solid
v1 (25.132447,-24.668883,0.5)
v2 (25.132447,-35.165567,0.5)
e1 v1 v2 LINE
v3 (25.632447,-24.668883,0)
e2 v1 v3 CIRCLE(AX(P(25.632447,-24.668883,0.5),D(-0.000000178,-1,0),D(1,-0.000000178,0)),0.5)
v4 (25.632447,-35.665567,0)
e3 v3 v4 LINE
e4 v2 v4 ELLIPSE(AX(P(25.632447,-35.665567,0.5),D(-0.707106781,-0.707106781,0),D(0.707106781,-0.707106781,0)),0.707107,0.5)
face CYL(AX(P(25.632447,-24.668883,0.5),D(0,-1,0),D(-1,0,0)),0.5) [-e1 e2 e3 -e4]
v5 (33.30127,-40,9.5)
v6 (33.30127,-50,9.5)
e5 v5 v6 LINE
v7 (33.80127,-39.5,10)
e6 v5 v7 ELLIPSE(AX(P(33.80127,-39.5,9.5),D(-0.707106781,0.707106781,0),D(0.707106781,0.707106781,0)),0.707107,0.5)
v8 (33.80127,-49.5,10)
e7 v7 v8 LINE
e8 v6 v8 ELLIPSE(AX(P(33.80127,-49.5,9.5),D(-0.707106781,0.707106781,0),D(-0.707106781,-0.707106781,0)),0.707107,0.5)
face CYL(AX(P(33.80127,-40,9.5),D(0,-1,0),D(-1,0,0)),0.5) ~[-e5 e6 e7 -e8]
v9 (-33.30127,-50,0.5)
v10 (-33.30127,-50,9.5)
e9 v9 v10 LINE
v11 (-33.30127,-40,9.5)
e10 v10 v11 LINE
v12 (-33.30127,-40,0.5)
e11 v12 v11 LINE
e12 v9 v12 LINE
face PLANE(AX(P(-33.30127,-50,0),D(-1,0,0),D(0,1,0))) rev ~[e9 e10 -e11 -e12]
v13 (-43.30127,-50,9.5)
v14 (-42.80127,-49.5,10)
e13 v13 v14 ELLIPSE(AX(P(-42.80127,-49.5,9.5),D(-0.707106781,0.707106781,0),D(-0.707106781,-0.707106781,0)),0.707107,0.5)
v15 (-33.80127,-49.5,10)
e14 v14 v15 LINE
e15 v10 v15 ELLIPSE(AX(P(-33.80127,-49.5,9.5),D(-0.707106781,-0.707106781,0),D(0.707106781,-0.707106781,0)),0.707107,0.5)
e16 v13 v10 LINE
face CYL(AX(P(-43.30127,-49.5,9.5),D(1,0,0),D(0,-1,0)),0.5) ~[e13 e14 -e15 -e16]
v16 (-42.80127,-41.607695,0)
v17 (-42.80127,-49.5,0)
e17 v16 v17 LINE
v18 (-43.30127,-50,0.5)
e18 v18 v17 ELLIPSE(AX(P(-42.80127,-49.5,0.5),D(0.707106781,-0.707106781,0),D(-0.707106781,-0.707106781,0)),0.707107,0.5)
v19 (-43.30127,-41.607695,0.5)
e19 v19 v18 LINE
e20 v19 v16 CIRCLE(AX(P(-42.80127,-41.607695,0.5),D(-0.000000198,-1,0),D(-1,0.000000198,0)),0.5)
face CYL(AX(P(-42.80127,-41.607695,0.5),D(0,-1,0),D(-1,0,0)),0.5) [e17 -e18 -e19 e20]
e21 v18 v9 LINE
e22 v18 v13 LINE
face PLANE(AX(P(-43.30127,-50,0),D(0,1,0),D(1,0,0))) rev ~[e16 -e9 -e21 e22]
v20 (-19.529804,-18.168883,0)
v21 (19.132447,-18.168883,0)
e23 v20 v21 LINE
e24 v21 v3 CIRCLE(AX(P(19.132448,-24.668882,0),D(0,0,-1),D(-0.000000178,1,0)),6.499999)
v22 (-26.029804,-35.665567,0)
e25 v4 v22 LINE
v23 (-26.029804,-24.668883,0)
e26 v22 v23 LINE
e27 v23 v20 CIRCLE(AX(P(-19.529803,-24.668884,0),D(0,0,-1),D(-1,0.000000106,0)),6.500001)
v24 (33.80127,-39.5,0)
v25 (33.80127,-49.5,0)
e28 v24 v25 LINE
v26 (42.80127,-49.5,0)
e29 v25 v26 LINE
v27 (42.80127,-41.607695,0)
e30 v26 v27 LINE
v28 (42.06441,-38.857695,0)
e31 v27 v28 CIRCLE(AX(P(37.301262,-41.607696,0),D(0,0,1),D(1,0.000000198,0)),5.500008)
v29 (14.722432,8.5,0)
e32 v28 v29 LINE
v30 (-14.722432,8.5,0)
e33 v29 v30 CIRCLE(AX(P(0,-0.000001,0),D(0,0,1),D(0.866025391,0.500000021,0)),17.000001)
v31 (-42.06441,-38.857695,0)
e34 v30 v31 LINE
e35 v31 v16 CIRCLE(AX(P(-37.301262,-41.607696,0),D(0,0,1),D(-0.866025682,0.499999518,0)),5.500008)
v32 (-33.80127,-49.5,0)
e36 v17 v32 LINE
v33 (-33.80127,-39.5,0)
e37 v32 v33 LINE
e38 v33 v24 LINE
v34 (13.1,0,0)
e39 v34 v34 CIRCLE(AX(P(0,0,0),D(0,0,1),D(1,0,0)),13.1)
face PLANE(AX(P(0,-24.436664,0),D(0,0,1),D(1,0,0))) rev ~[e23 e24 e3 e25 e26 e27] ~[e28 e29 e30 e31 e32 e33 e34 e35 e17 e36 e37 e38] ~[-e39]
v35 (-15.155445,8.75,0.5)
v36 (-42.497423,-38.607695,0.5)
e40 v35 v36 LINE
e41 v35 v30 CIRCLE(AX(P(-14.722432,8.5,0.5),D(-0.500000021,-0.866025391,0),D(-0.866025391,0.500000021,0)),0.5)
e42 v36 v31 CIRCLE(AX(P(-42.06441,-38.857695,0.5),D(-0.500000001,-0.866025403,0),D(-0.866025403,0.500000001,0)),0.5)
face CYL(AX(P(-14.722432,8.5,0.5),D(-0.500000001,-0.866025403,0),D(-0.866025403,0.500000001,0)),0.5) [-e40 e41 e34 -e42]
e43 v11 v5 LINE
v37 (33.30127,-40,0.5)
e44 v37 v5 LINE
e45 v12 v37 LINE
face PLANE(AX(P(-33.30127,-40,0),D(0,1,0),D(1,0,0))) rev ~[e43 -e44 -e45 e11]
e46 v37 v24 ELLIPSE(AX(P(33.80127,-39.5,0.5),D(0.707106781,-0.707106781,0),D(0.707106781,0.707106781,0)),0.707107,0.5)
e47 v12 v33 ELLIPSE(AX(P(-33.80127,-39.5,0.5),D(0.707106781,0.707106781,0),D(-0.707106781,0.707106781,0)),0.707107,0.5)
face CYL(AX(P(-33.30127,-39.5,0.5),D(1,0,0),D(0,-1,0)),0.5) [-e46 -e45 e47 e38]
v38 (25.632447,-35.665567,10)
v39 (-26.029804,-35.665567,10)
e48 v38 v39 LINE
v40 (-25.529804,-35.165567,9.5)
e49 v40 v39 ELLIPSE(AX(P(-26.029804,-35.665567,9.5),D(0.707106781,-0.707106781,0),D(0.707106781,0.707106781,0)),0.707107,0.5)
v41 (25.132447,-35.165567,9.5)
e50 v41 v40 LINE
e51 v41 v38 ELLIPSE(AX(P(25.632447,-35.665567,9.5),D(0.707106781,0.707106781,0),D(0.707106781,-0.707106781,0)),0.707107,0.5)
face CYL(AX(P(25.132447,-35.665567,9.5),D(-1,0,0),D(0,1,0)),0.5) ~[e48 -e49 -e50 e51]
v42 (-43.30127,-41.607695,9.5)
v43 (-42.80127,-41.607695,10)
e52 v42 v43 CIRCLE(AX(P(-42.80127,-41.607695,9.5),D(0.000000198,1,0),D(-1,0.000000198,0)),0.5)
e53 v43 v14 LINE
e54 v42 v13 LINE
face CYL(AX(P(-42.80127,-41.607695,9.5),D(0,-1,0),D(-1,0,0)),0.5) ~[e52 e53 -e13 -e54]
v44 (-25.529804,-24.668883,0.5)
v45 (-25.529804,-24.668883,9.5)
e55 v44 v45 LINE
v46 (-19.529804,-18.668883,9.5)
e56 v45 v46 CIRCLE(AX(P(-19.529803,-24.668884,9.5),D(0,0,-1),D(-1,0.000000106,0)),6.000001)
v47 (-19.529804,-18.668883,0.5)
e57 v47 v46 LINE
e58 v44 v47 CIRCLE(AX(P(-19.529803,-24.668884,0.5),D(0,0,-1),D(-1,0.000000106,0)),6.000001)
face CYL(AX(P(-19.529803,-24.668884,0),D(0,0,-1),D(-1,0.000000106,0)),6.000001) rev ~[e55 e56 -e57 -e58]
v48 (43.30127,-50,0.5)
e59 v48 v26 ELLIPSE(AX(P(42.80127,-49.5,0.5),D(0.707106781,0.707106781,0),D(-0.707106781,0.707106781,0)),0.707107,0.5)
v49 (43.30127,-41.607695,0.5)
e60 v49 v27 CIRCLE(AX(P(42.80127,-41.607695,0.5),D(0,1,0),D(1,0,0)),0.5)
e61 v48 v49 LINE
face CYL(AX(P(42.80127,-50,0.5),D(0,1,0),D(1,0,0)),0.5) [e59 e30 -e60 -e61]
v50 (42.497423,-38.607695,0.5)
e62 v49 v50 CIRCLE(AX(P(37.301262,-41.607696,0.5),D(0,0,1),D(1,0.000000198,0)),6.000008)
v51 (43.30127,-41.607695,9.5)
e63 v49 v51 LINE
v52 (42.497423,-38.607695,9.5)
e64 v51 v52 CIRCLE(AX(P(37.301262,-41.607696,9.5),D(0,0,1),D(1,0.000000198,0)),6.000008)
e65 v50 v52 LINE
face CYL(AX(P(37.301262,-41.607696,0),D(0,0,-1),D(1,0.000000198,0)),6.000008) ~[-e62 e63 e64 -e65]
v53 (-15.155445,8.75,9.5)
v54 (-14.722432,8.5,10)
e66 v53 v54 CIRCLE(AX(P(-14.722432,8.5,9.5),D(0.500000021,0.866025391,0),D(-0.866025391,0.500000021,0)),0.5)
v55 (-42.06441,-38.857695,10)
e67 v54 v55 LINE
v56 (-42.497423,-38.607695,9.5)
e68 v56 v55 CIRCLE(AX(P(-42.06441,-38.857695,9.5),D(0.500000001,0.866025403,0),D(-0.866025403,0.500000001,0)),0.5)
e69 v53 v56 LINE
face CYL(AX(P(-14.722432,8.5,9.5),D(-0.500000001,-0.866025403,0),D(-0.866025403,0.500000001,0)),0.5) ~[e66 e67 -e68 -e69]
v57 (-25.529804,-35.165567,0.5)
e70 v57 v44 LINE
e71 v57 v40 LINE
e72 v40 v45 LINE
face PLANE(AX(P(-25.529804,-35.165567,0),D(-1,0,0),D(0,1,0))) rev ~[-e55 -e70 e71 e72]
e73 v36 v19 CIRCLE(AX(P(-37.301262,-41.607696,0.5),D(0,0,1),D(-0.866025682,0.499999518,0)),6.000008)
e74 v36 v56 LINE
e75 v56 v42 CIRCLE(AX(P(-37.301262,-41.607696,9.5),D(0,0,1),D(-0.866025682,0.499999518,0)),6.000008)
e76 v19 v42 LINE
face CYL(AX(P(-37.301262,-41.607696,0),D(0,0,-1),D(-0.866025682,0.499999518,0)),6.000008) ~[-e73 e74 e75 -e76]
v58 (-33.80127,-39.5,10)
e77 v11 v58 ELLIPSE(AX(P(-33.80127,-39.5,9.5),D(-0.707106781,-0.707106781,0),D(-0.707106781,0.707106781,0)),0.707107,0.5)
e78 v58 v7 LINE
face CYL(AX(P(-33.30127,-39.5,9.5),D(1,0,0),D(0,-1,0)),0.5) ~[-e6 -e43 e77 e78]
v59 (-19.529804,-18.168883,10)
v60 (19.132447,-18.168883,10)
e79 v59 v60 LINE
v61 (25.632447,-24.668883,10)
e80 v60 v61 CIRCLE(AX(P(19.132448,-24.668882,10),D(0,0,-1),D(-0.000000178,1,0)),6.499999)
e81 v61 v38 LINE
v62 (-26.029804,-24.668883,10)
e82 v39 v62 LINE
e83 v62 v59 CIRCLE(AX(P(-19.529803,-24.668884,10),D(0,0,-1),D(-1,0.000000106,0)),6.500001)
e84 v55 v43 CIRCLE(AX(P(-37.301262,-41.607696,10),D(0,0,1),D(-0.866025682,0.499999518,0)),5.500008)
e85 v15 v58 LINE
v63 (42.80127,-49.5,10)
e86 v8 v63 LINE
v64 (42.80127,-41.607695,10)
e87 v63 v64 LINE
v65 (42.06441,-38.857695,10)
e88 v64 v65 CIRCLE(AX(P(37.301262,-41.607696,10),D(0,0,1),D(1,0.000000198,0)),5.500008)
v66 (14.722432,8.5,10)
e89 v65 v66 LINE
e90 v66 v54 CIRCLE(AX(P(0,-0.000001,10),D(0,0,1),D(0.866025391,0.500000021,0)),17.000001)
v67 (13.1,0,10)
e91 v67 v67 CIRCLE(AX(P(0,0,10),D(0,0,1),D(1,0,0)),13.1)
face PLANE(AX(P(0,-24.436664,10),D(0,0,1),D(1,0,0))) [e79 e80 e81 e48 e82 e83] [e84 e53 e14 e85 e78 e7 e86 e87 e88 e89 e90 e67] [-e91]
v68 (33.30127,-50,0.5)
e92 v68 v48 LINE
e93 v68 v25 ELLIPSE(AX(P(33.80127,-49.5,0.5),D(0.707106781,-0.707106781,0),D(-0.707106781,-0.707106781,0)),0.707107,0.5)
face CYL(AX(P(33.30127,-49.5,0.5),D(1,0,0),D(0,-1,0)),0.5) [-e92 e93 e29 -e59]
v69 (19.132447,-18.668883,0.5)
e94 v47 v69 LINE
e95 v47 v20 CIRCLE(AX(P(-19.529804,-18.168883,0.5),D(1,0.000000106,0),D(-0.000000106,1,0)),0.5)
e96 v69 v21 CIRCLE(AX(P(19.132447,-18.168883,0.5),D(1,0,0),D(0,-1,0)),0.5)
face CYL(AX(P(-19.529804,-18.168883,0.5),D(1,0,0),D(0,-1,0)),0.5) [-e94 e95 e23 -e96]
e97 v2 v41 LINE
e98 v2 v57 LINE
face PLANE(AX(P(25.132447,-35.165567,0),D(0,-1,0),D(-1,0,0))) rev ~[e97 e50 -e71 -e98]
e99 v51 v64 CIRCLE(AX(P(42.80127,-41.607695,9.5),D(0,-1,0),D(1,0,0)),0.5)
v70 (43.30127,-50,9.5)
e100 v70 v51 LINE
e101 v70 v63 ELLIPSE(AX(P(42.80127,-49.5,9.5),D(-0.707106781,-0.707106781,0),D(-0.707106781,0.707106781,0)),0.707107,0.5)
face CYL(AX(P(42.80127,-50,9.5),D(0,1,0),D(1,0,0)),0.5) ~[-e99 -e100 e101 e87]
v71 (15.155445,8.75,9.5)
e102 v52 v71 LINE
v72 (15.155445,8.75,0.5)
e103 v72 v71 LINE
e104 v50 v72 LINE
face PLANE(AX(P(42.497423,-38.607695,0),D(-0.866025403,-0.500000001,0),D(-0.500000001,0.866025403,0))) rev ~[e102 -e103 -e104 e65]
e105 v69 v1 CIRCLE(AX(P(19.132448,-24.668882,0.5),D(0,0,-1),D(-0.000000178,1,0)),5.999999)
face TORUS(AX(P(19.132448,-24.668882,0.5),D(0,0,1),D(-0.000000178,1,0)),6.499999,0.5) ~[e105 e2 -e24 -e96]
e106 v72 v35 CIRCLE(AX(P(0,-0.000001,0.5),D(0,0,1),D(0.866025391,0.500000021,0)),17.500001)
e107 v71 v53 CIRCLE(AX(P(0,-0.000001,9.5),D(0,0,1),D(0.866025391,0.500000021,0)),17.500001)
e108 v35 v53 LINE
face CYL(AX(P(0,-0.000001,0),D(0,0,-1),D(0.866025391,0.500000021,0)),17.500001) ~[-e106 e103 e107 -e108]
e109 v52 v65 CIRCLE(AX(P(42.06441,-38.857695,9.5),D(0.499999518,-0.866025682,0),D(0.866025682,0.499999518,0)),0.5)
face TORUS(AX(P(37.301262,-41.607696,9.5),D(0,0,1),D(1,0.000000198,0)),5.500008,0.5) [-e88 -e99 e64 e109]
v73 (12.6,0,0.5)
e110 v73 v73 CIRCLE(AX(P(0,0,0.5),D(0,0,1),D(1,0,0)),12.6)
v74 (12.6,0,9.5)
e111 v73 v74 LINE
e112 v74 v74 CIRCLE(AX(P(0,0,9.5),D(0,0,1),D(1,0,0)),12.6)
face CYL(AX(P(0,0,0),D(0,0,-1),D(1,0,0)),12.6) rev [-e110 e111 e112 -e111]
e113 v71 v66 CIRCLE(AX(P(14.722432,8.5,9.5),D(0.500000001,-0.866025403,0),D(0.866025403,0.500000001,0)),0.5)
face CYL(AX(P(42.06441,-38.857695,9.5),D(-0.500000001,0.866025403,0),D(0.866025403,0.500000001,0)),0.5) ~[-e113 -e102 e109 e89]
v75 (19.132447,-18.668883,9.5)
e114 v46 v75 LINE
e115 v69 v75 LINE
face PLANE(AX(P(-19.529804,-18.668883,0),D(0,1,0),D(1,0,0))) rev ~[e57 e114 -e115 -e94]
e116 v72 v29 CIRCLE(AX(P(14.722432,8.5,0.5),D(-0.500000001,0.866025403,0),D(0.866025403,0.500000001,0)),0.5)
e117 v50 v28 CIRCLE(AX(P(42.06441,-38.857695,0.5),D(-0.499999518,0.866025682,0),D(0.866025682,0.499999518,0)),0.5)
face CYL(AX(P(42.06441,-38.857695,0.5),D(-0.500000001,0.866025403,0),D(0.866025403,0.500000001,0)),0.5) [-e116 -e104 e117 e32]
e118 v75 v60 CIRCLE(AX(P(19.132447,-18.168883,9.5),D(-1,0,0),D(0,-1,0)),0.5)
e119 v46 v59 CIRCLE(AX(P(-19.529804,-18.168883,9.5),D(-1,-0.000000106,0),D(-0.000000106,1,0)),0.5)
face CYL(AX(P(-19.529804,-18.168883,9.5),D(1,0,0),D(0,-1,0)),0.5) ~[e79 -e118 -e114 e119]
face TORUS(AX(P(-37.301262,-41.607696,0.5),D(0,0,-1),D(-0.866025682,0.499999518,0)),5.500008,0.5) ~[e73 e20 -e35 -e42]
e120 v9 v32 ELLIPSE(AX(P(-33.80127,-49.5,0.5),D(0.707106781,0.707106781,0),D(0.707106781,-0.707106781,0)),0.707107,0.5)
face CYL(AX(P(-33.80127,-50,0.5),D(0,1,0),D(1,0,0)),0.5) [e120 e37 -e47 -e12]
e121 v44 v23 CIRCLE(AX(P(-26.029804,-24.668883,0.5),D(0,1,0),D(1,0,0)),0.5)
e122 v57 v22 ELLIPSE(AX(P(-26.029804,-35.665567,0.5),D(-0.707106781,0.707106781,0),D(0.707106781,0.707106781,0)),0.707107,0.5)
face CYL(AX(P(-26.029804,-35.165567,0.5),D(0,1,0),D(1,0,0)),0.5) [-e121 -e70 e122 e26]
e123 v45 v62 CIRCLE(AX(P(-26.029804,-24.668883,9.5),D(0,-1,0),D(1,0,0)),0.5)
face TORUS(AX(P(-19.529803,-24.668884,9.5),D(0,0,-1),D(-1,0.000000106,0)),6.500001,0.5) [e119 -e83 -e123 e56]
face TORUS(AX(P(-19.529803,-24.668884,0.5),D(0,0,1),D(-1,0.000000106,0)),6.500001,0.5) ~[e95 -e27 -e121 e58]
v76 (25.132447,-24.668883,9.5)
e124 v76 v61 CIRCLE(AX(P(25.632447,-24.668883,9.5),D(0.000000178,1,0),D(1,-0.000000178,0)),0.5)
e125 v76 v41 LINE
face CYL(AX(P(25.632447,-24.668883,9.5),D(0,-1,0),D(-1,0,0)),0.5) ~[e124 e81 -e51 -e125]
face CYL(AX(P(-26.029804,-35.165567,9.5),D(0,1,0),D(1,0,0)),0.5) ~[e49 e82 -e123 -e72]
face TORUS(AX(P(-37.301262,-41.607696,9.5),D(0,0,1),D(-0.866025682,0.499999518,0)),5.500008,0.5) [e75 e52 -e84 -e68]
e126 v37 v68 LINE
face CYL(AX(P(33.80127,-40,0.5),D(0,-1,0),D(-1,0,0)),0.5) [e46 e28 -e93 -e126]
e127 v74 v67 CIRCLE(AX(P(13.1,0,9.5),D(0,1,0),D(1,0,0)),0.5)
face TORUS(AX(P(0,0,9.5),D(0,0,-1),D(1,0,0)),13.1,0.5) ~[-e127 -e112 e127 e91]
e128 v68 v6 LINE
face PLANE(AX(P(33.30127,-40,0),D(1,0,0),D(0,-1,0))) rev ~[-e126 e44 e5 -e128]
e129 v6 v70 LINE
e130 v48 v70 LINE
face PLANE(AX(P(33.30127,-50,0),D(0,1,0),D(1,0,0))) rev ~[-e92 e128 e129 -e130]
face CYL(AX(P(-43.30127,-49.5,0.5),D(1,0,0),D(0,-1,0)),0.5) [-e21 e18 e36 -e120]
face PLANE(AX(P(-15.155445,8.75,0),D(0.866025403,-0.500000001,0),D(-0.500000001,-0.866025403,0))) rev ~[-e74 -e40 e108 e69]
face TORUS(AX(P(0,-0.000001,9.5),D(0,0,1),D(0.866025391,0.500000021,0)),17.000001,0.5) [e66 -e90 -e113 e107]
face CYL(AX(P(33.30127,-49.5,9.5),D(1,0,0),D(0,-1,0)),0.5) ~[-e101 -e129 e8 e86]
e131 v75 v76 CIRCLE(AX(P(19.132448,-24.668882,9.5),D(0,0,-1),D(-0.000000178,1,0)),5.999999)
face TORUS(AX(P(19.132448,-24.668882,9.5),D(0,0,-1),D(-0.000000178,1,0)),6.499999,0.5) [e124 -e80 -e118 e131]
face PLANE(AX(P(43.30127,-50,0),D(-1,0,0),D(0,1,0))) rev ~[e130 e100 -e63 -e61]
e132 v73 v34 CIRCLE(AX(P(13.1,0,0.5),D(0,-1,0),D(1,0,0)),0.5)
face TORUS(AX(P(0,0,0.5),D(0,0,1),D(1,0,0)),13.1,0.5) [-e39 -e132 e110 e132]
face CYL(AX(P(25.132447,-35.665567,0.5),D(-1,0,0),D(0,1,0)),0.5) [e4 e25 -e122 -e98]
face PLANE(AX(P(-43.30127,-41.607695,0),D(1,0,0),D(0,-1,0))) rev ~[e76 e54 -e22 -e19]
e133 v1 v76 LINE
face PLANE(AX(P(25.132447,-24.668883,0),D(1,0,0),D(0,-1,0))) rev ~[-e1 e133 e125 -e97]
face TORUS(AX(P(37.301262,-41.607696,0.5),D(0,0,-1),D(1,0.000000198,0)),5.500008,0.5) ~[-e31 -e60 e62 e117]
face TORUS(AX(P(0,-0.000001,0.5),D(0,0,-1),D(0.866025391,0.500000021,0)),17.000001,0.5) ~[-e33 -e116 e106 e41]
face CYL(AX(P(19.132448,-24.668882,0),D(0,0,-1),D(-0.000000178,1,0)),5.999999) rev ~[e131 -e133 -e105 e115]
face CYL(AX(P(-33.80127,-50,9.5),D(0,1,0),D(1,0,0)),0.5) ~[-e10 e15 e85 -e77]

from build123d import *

# Parameters (mm, degrees)
F0_R     = 12.6
F1_DEPTH = 10
F2_R     = 0.5


with BuildPart() as f1:
    # F0 (on Top) → F1 (new body)
    with BuildSketch(Plane.XY):
        with BuildLine():
            Line((42.497423, -38.607695), (15.155445, 8.75))
            ThreePointArc((15.155445, 8.75), (0, 17.5), (-15.155445, 8.75))
            Line((-15.155445, 8.75), (-42.497423, -38.607695))
            ThreePointArc((-42.497423, -38.607695), (-43.096825, -40.054781), (-43.30127, -41.607695))
            Line((-43.30127, -41.607695), (-43.30127, -50))
            Line((-43.30127, -50), (-33.30127, -50))
            Line((-33.30127, -50), (-33.30127, -40))
            Line((-33.30127, -40), (33.30127, -40))
            Line((33.30127, -40), (33.30127, -50))
            Line((33.30127, -50), (43.30127, -50))
            Line((43.30127, -50), (43.30127, -41.607695))
            ThreePointArc((43.30127, -41.607695), (43.096825, -40.054781), (42.497423, -38.607695))
        make_face()
        with BuildLine():
            Line((-19.529804, -18.668883), (19.132447, -18.668883))
            ThreePointArc((19.132447, -18.668883), (23.375088, -20.426242), (25.132447, -24.668883))
            Line((25.132447, -24.668883), (25.132447, -35.165567))
            Line((25.132447, -35.165567), (-25.529804, -35.165567))
            Line((-25.529804, -35.165567), (-25.529804, -24.668883))
            ThreePointArc((-25.529804, -24.668883), (-23.772444, -20.426242), (-19.529804, -18.668883))
        make_face(mode=Mode.SUBTRACT)
        Circle(F0_R, mode=Mode.SUBTRACT)
    extrude(amount=F1_DEPTH)

    # F2
    f2_edges = [f1.edges().sort_by_distance(p)[0] for p in [
        (28.826434, -14.928848, 10),
        (0, 17.5, 10),
        (-28.826434, -14.928848, 10),
        (-43.096825, -40.054781, 10),
        (-43.30127, -45.803848, 10),
        (-38.30127, -50, 10),
        (-33.30127, -45, 10),
        (0, -40, 10),
        (33.30127, -45, 10),
        (38.30127, -50, 10),
        (43.30127, -45.803848, 10),
        (43.096825, -40.054781, 10),
        (-0.198678, -18.668883, 10),
        (23.375088, -20.426242, 10),
        (25.132447, -29.917225, 10),
        (-0.198678, -35.165567, 10),
        (-25.529804, -29.917225, 10),
        (-23.772444, -20.426242, 10),
        (-12.6, 0, 10),
        (28.826434, -14.928848, 0),
        (0, 17.5, 0),
        (-28.826434, -14.928848, 0),
        (-43.096825, -40.054781, 0),
        (-43.30127, -45.803848, 0),
        (-38.30127, -50, 0),
        (-33.30127, -45, 0),
        (0, -40, 0),
        (33.30127, -45, 0),
        (38.30127, -50, 0),
        (43.30127, -45.803848, 0),
        (43.096825, -40.054781, 0),
        (-0.198678, -18.668883, 0),
        (23.375088, -20.426242, 0),
        (25.132447, -29.917225, 0),
        (-0.198678, -35.165567, 0),
        (-25.529804, -29.917225, 0),
        (-23.772444, -20.426242, 0),
        (-12.6, 0, 0),
    ]]
    fillet(f2_edges, radius=F2_R)


solid = f1.part
